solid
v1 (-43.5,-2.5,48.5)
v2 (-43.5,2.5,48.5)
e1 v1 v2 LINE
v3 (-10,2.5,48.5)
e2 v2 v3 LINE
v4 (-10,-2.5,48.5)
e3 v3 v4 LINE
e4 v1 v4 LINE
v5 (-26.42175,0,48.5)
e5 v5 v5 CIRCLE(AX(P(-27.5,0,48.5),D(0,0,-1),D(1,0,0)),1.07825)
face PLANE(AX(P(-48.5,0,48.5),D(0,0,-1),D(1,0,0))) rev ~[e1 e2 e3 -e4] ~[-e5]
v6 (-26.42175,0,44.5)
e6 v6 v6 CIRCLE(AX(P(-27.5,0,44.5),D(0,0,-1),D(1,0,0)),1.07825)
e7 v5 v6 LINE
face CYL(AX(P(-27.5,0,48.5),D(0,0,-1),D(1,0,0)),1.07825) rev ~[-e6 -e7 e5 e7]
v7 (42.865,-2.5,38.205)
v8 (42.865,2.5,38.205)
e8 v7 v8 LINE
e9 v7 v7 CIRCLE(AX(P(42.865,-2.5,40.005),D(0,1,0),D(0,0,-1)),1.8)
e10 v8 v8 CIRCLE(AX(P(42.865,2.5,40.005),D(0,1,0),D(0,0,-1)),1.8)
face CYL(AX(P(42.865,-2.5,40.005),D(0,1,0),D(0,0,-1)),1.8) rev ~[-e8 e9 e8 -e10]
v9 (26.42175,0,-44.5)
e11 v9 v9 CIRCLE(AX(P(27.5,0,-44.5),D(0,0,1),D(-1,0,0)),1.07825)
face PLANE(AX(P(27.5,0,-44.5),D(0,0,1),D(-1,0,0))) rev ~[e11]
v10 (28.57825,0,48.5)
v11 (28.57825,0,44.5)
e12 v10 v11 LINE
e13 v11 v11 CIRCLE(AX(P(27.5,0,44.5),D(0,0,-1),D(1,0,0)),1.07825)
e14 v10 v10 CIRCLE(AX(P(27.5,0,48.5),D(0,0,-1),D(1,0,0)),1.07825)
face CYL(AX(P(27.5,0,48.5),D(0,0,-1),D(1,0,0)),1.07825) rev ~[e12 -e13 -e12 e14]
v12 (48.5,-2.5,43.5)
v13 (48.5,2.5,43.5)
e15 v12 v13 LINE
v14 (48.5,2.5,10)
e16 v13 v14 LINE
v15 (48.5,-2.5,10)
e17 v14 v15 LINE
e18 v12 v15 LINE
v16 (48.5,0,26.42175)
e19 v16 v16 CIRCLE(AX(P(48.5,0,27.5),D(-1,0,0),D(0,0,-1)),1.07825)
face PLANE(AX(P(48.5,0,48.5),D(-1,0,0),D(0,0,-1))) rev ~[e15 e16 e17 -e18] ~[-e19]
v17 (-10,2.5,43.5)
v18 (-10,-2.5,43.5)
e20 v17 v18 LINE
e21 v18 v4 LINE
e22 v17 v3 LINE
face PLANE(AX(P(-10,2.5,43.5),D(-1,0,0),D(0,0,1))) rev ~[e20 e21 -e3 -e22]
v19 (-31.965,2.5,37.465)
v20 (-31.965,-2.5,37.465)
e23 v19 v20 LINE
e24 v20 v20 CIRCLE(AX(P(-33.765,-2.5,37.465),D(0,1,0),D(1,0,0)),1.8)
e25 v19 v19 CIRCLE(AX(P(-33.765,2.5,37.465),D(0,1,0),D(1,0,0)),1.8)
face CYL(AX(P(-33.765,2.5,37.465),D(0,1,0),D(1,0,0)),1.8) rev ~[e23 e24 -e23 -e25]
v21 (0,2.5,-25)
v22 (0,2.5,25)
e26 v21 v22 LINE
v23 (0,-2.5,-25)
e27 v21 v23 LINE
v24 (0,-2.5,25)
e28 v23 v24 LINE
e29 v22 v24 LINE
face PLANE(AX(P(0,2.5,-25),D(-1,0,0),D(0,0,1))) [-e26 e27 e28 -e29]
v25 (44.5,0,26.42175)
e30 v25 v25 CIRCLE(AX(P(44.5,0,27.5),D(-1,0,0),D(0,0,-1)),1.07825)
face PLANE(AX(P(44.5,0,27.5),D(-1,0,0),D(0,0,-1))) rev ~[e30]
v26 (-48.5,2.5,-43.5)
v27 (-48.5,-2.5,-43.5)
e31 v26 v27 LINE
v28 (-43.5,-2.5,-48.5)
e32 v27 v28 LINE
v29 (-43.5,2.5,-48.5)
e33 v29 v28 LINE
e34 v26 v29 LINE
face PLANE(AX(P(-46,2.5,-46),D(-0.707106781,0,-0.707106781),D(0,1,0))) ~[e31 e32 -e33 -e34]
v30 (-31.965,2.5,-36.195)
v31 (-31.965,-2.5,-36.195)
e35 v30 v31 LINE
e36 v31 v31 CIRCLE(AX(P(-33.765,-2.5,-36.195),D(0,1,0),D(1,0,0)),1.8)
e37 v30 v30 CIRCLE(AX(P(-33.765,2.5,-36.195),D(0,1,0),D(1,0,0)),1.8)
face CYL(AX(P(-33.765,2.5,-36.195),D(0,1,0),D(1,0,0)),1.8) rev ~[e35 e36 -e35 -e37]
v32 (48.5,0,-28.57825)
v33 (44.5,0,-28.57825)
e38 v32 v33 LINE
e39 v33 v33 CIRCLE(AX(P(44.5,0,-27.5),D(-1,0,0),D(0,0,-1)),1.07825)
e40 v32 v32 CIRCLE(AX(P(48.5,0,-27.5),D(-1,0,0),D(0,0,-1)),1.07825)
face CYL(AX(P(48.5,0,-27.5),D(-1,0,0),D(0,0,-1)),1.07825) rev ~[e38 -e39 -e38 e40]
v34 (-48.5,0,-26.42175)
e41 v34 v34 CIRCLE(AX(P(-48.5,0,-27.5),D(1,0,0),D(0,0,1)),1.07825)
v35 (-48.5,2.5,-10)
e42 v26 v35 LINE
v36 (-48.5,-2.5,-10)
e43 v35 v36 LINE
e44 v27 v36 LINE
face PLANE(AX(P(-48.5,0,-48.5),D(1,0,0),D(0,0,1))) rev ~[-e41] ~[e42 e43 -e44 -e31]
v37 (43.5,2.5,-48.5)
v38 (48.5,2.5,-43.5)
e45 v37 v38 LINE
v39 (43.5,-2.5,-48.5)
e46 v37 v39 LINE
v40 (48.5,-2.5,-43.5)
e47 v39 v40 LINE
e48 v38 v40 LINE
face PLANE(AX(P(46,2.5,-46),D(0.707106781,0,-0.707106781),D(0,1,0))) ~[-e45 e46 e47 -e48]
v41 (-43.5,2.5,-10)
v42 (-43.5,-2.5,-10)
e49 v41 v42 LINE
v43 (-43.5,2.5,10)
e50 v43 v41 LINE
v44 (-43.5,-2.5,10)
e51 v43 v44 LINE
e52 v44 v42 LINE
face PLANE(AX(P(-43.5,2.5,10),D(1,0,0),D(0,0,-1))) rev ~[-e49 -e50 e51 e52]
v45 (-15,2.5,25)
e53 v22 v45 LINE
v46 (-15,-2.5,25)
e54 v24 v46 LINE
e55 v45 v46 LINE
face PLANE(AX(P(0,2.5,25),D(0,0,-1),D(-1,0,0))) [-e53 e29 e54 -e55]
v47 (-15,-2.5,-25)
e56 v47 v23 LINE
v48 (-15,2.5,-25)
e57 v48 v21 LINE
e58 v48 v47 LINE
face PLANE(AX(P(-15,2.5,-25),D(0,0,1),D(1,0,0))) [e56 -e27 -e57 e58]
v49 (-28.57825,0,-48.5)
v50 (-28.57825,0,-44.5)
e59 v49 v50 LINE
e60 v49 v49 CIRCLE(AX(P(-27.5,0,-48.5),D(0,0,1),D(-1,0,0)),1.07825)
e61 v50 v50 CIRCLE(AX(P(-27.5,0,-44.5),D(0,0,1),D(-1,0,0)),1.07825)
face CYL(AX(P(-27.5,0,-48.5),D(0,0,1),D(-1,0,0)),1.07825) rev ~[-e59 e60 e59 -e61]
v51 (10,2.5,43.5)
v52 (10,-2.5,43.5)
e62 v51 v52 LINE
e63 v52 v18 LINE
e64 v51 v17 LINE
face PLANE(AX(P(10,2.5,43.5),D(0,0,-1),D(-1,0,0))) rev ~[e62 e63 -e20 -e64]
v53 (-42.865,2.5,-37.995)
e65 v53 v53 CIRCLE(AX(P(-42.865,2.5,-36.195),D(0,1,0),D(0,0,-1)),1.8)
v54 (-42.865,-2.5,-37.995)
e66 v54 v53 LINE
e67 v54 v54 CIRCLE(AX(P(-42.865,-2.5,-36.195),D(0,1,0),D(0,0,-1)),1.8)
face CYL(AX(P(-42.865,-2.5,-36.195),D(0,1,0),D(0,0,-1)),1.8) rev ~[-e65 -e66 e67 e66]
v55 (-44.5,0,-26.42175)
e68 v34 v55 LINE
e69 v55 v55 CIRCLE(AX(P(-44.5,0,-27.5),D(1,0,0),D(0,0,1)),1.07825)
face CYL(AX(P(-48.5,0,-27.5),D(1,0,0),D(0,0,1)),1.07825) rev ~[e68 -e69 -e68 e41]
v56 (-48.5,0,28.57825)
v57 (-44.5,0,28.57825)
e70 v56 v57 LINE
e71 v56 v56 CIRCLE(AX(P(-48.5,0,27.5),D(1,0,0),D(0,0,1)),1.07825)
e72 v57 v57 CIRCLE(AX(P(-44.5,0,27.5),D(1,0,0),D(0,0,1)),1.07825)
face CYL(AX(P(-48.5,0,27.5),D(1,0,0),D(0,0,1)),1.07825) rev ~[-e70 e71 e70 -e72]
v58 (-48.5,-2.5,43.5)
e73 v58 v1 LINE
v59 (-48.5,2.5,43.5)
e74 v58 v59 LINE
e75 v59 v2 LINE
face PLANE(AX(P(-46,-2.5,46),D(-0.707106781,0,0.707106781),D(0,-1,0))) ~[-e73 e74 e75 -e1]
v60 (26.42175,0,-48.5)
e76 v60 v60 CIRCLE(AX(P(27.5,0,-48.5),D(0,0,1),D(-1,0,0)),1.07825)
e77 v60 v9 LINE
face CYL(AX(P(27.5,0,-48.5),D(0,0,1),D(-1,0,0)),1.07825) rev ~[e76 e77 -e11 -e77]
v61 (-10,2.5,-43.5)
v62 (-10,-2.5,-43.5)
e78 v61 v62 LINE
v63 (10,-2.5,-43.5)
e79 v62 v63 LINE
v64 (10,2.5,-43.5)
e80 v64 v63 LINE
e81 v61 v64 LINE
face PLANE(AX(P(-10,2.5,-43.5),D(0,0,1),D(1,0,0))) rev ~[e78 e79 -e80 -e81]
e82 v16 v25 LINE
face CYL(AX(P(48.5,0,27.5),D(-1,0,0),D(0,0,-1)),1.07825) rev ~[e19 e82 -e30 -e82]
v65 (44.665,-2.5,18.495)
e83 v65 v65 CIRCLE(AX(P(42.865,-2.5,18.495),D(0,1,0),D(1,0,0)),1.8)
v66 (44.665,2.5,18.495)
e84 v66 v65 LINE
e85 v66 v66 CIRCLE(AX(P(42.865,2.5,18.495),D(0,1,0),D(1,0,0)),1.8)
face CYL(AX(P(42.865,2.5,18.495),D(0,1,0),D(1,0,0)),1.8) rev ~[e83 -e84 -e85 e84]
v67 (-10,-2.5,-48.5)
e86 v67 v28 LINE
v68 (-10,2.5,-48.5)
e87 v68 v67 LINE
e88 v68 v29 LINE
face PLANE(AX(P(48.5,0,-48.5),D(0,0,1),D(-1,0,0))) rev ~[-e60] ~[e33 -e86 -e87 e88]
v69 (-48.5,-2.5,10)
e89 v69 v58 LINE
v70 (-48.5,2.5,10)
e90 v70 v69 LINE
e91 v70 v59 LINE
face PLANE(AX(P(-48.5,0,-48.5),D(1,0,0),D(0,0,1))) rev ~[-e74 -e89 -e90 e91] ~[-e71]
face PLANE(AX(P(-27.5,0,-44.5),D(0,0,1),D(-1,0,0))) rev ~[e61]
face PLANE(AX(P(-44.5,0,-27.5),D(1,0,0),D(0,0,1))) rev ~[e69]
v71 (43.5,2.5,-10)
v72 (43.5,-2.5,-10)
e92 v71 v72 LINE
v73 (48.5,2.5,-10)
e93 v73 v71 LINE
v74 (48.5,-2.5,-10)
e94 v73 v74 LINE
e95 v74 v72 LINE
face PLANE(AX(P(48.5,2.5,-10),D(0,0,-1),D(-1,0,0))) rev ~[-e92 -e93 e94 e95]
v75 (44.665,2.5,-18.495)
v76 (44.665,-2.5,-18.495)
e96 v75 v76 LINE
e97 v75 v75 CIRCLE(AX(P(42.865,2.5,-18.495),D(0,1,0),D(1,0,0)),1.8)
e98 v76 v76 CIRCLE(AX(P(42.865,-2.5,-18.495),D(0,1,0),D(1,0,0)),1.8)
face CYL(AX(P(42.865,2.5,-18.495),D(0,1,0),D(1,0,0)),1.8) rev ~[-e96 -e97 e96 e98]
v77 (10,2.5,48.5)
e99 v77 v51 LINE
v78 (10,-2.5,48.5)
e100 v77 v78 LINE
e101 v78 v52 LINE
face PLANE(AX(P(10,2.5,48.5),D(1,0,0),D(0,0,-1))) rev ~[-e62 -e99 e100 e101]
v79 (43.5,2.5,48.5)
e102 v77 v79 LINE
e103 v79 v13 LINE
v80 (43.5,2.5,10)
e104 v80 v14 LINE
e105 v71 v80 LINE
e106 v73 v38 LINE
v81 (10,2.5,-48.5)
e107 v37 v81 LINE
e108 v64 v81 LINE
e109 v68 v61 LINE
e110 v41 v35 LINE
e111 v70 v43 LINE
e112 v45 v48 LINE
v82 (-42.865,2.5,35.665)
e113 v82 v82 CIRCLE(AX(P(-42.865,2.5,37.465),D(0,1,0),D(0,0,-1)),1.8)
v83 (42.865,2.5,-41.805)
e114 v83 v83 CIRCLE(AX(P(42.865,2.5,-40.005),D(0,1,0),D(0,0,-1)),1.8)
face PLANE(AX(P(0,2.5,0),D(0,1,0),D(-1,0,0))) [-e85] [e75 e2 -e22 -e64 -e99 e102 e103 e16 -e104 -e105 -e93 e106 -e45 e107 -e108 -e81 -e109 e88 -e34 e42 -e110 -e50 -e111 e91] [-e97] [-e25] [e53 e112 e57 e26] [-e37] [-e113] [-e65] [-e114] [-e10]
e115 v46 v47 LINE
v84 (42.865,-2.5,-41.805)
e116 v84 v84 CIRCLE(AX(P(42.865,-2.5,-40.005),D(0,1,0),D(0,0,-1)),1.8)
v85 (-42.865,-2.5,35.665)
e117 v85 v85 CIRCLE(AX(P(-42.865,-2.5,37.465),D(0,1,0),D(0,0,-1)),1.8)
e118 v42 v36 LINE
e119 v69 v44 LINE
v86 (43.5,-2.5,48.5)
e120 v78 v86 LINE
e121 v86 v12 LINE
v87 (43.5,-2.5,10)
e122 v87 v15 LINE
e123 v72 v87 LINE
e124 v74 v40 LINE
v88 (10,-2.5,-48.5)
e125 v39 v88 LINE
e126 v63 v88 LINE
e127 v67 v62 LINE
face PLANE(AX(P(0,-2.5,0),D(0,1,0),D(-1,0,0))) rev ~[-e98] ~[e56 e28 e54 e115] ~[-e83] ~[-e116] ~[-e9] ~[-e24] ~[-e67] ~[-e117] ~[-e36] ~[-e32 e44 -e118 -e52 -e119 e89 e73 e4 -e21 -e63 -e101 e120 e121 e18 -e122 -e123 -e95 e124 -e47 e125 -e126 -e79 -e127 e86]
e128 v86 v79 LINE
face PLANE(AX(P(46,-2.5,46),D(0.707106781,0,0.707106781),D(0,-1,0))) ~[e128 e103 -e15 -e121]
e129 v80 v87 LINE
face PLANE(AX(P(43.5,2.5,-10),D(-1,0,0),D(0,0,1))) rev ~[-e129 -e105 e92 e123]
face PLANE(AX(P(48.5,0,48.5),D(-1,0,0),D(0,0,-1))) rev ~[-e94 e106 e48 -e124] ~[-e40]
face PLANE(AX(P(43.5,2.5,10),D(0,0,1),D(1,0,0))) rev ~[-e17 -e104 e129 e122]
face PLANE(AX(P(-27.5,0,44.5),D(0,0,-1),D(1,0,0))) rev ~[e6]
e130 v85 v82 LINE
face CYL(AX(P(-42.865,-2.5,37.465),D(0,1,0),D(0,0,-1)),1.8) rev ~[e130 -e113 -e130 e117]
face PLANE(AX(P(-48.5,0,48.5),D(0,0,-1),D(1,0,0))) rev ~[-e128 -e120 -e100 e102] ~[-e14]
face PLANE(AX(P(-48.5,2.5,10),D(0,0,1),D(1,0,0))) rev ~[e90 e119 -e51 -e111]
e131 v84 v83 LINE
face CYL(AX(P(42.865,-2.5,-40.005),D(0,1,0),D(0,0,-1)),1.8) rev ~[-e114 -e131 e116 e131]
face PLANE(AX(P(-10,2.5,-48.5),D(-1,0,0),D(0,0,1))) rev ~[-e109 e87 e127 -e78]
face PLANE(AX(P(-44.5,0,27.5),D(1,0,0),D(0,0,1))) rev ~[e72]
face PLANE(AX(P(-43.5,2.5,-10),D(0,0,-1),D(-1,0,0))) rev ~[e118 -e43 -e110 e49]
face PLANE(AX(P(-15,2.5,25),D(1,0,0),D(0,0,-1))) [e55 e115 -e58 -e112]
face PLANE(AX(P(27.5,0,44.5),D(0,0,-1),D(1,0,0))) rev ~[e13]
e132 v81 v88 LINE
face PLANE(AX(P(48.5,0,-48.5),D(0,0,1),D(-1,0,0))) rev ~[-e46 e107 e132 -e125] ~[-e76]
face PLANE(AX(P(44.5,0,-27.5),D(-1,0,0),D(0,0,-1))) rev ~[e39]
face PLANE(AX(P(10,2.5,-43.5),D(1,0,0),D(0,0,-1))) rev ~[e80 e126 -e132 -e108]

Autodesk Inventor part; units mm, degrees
ref_plane "YZ Plane" through (0, 0, 0) normal (1, 0, 0) x (0, 1, 0)
ref_plane "XZ Plane" through (0, 0, 0) normal (0, 1, 0) x (-1, 0, 0)
ref_plane "XY Plane" through (0, 0, 0) normal (0, 0, 1) x (1, 0, 0)
sketch "Sketch1" plane through (0, 0, 0) normal (0, 1, 0) x (-1, 0, 0)
  line L0 (48.5, 48.5) -> (-48.5, 48.5)
  line L1 (-48.5, 48.5) -> (-48.5, -48.5)
  line L2 (-48.5, -48.5) -> (48.5, -48.5)
  line L3 (48.5, -48.5) -> (48.5, 48.5)
  point P0 (0, 0)
  point P1 (48.5, 0)
  point P2 (0, -48.5)
  dimension "d0" = 97
  dimension "d1" = 97
extrude "Extrusion1" add sketch "Sketch1" along normal mid plane 5
sketch "Sketch2" plane through (0, -2.5, 0) normal (0, -1, 0) x (1, 0, 0)
  line L0 (-42.865, 37.465) -> (-42.865, -36.195) construction
  line L1 (42.865, 40.005) -> (42.865, -40.005) construction
  line L2 (-42.865, 6.4948) -> (42.865, 6.4948) construction
  point P0 (0, 0)
  point P1 (42.865, 0)
  point P2 (0, 6.4948)
  dimension "d4" = 73.66
  dimension "d5" = 80.01
  dimension "d6" = 85.73
  dimension "d7" = 3.81
hole "Hole1" at (-42.865, -2.5, 37.465) at (42.865, -2.5, 40.005) at (-42.865, -2.5, -36.195) at (42.865, -2.5, -40.005) direction (0, 1, 0) diameter 3.6 end through all clearance for "Flat Head Machine Screw" size "M3" standard "Ansi Metric M Profile"
chamfer "Chamfer1" distance 5 angle 45 4 edges at (48.5, 0, -48.5) (-48.5, 0, -48.5) (48.5, 0, 48.5) (-48.5, 0, 48.5)
sketch "Sketch3" plane through (48.5, -2.5, 43.5) normal (1, 0, 0) x (0, 0, -1)
  point P0 (43.5, 2.5)
  point P1 (71, 2.5)
  point P2 (16, 2.5)
  dimension "d18" = 55
  dimension "d19" = 27.5
hole "Hole2" at (48.5, 0, -27.5) at (48.5, 0, 27.5) direction (-1, 0, 0) diameter 2.1565 depth 4 thread size "4-40 UNC" class "2B" standard "ANSI Unified Screw Threads"
pattern_circular "Circular Pattern1" count 4 over 360 about axis through (0, -10, 0) along (0, 1, 0) of "Hole2"
sketch "Sketch5" plane through (0, 2.5, 0) normal (0, 1, 0) x (1, 0, 0)
  line L0 (-15, 25) -> (0, 25)
  line L1 (0, 25) -> (0, -25)
  line L2 (0, -25) -> (-15, -25)
  line L3 (-15, -25) -> (-15, 25)
  point P0 (0, 0)
  point P1 (0, 0)
  dimension "d38" = 15
  dimension "d39" = 50
extrude "Extrusion3" cut sketch "Sketch5" against normal through all
sketch "Sketch6" plane through (0, 2.5, 0) normal (0, 1, 0) x (1, 0, 0)
  line L0 (-48.5, 43.5) -> (-48.5, -43.5) projected
  line L1 (-43.5, 10) -> (-48.5, 10)
  line L2 (-48.5, 10) -> (-48.5, -10)
  line L3 (-48.5, -10) -> (-43.5, -10)
  line L4 (-43.5, -10) -> (-43.5, 10)
  point P0 (0, 0)
  point P1 (-48.5, 0)
  dimension "d42" = 5
  dimension "d43" = 20
extrude "Extrusion4" cut sketch "Sketch6" against normal through all
pattern_circular "Circular Pattern3" count 4 over 360 about axis through (0, -10, 0) along (0, 1, 0) of "Extrusion4"
sketch "Sketch7" plane through (0, 2.5, 0) normal (0, 1, 0) x (1, 0, 0)
  circle A0 centre (-42.865, -37.465) radius 1.8 projected
  circle A1 centre (-42.865, 36.195) radius 1.8 projected
  circle A2 centre (42.865, 40.005) radius 1.8 projected
  circle A3 centre (42.865, -40.005) radius 1.8 projected
  circle A4 centre (42.865, -18.495) radius 1.8
  line L0 (43.5, -10) -> (43.5, 10) projected
  circle A5 centre (42.865, 18.495) radius 1.8
  line L1 (-48.5, -28.5782) -> (-48.5, -26.4218) projected
  circle A6 centre (-33.765, -37.465) radius 1.8
  circle A7 centre (-33.765, 36.195) radius 1.8
  point P0 (0, 0)
extrude "Extrusion5" cut sketch "Sketch7" against normal blind 5 contours A4 | A5 | A6 | A7
sketch "Sketch8" plane through (0, 2.5, 0) normal (0, 1, 0) x (1, 0, 0)
  point P0 (0, 0)
equation "\"d1\" = d0"
equation "\"d19\" = 0.5 * d18"
properties part number "stackframesupportbottom" material "Aluminum 6061"
